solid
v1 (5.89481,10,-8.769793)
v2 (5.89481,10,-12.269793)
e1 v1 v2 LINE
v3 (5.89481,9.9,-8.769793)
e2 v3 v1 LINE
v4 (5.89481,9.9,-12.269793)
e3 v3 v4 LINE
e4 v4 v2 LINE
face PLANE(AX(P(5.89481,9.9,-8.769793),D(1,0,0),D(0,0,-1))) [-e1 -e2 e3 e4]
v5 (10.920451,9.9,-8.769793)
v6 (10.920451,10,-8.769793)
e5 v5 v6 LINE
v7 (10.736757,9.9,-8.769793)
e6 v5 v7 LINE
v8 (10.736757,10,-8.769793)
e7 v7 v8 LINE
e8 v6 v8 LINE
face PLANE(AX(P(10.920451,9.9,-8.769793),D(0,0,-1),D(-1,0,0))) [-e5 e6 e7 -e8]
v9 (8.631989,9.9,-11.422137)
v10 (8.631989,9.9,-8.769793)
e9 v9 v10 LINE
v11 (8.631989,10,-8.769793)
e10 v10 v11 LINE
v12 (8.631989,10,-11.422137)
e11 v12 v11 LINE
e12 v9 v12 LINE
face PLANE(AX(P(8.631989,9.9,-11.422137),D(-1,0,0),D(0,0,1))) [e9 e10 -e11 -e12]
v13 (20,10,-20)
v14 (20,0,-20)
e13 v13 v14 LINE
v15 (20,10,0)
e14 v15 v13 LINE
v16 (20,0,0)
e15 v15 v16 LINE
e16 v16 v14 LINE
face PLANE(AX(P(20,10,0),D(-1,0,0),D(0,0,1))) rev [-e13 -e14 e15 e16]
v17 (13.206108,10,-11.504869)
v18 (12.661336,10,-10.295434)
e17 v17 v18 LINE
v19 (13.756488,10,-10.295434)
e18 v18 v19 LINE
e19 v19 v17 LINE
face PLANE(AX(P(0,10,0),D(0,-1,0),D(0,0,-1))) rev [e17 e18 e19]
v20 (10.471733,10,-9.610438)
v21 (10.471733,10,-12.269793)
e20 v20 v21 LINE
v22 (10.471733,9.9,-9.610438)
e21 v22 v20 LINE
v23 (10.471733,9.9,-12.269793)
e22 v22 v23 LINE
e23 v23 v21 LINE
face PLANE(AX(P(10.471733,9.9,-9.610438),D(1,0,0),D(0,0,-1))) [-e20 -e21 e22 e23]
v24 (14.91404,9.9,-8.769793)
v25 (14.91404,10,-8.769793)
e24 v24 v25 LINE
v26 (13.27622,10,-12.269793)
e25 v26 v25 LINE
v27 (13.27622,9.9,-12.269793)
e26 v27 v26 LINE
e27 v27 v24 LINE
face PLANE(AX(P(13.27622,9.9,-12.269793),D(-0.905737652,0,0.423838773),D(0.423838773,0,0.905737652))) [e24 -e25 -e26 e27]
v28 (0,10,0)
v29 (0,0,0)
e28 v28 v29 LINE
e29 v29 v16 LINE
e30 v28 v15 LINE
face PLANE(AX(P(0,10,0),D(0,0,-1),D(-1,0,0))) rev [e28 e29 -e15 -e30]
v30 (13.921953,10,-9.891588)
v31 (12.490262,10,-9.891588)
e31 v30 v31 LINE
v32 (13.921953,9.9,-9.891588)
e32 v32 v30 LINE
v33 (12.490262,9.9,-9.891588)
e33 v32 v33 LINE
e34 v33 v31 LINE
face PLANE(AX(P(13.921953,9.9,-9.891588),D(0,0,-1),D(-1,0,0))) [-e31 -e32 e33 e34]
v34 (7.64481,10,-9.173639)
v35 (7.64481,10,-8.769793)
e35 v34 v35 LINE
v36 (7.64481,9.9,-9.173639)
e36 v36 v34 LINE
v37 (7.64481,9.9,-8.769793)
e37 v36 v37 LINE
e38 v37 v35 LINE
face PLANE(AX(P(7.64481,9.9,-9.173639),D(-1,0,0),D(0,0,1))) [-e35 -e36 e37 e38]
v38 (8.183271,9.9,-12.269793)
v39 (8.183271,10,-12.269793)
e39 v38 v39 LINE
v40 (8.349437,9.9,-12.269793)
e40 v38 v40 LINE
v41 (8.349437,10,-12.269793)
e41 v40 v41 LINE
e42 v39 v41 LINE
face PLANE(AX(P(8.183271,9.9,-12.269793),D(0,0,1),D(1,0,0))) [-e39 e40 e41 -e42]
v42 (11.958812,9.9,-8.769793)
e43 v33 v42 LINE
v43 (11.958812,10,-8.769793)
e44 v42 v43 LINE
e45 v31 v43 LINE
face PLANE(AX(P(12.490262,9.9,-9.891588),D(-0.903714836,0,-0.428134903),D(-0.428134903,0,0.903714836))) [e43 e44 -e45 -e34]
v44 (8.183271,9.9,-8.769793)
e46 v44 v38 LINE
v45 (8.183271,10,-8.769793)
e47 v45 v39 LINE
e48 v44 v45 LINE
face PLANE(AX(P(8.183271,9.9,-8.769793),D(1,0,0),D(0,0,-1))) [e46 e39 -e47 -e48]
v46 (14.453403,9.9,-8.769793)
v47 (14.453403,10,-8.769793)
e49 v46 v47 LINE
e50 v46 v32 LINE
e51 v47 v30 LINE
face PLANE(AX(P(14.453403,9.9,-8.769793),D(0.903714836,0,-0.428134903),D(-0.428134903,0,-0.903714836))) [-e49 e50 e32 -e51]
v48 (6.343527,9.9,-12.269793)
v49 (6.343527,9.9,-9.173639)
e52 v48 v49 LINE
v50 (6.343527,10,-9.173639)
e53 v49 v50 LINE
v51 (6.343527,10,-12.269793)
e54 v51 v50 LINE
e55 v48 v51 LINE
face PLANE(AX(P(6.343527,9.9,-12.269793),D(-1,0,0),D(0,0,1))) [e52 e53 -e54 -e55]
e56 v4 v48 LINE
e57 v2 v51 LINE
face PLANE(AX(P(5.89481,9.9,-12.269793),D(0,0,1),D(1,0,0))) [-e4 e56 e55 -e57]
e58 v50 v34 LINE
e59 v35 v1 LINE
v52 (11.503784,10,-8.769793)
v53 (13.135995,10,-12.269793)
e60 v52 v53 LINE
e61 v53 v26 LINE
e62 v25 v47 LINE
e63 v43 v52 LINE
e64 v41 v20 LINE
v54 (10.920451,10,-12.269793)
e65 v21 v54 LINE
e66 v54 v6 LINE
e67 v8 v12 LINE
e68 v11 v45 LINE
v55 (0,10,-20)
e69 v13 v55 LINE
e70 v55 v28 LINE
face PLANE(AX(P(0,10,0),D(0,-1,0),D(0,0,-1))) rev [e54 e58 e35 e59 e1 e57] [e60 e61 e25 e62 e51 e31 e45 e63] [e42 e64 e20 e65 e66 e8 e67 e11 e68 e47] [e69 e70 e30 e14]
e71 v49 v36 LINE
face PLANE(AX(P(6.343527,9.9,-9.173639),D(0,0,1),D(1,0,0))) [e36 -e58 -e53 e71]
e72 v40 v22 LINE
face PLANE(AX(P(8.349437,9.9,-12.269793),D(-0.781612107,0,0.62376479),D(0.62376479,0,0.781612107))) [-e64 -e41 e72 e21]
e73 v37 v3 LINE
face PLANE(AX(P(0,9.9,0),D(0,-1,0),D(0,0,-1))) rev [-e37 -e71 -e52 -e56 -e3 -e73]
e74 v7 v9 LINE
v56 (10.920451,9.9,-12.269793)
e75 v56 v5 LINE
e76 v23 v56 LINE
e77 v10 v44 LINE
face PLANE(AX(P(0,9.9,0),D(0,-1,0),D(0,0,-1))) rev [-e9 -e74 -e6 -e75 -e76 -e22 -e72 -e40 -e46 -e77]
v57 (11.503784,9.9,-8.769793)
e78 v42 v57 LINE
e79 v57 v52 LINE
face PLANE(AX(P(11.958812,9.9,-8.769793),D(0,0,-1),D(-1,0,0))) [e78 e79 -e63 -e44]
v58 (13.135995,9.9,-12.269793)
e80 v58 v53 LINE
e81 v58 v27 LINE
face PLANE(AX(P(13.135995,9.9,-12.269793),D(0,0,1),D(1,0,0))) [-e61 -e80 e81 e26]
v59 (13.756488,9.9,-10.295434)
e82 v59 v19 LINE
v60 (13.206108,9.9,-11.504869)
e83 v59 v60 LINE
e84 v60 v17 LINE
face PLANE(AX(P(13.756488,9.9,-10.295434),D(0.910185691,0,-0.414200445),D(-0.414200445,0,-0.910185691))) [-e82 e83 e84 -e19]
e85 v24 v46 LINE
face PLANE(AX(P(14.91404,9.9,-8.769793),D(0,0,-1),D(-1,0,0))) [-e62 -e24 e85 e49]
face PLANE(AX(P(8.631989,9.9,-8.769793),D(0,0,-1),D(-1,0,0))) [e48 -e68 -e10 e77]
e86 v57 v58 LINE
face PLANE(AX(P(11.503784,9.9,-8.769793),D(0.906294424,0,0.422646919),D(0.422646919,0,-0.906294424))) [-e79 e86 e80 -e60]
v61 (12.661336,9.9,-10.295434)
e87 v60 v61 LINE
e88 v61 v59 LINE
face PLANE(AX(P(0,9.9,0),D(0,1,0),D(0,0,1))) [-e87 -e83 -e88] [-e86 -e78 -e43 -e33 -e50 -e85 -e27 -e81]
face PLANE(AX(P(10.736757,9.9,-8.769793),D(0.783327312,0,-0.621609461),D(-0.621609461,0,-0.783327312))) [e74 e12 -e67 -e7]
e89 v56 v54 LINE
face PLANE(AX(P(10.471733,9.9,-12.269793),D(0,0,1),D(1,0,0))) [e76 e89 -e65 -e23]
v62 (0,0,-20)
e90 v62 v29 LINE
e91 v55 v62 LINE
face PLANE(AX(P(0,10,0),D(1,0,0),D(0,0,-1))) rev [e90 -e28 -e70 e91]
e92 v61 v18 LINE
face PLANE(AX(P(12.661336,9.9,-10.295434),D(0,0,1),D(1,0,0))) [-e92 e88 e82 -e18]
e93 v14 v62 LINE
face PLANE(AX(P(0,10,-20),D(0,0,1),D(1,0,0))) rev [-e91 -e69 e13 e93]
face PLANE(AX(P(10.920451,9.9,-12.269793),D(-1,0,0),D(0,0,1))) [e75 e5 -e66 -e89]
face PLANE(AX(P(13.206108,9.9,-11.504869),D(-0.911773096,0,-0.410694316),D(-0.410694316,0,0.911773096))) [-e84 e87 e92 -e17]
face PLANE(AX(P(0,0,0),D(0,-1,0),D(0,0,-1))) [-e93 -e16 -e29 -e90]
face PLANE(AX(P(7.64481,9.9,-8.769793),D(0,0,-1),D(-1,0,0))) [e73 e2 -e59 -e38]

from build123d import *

# Parameters (mm, degrees)
SKETCH1_W           = 20
SKETCH1_H           = 20
BOSS_EXTRUDE1_DEPTH = 10
CUT_EXTRUDE1_DEPTH  = 0.1


with BuildPart() as part:
    # Sketch1 → Boss-Extrude1 (new body)
    with BuildSketch(Plane(origin=(0, 0, 0), x_dir=(1, 0, 0), z_dir=(0, 1, 0))):
        with Locations((10, 10)):
            Rectangle(SKETCH1_W, SKETCH1_H)
    extrude(amount=BOSS_EXTRUDE1_DEPTH)

    # Sketch2 → Cut-Extrude1 (cut)
    # profile 1 of 3: a face of its own
    with BuildSketch(Plane(origin=(0, 10, 0), x_dir=(1, 0, 0), z_dir=(0, 1, 0))):
        Polygon((5.894809539, 12.269793042), (6.343527487, 12.269793042), (6.343527487, 9.173639196), (7.644809539, 9.173639196), (7.644809539, 8.769793042), (5.894809539, 8.769793042), align=None)
    # profile 2 of 3: a face of its own
    with BuildSketch(Plane(origin=(0, 10, 0), x_dir=(1, 0, 0), z_dir=(0, 1, 0))):
        Polygon((8.183271077, 8.769793042), (8.183271077, 12.269793042), (8.349436943, 12.269793042), (10.471732616, 9.610438074), (10.471732616, 12.269793042), (10.920450564, 12.269793042), (10.920450564, 8.769793042), (10.736756654, 8.769793042), (8.631989026, 11.422136792), (8.631989026, 8.769793042), align=None)
    # profile 3 of 3: a face of its own
    with BuildSketch(Plane(origin=(0, 10, 0), x_dir=(1, 0, 0), z_dir=(0, 1, 0))):
        Polygon((13.276219795, 12.269793042), (14.914040308, 8.769793042), (14.453403289, 8.769793042), (13.921952968, 9.891587914), (12.490262263, 9.891587914), (11.958811943, 8.769793042), (11.503783898, 8.769793042), (13.135995436, 12.269793042), align=None)
        Polygon((13.206107616, 11.504869164), (12.661335981, 10.295434068), (13.756488225, 10.295434068), align=None, mode=Mode.SUBTRACT)
    extrude(amount=-CUT_EXTRUDE1_DEPTH, mode=Mode.SUBTRACT)


solid = part.part
